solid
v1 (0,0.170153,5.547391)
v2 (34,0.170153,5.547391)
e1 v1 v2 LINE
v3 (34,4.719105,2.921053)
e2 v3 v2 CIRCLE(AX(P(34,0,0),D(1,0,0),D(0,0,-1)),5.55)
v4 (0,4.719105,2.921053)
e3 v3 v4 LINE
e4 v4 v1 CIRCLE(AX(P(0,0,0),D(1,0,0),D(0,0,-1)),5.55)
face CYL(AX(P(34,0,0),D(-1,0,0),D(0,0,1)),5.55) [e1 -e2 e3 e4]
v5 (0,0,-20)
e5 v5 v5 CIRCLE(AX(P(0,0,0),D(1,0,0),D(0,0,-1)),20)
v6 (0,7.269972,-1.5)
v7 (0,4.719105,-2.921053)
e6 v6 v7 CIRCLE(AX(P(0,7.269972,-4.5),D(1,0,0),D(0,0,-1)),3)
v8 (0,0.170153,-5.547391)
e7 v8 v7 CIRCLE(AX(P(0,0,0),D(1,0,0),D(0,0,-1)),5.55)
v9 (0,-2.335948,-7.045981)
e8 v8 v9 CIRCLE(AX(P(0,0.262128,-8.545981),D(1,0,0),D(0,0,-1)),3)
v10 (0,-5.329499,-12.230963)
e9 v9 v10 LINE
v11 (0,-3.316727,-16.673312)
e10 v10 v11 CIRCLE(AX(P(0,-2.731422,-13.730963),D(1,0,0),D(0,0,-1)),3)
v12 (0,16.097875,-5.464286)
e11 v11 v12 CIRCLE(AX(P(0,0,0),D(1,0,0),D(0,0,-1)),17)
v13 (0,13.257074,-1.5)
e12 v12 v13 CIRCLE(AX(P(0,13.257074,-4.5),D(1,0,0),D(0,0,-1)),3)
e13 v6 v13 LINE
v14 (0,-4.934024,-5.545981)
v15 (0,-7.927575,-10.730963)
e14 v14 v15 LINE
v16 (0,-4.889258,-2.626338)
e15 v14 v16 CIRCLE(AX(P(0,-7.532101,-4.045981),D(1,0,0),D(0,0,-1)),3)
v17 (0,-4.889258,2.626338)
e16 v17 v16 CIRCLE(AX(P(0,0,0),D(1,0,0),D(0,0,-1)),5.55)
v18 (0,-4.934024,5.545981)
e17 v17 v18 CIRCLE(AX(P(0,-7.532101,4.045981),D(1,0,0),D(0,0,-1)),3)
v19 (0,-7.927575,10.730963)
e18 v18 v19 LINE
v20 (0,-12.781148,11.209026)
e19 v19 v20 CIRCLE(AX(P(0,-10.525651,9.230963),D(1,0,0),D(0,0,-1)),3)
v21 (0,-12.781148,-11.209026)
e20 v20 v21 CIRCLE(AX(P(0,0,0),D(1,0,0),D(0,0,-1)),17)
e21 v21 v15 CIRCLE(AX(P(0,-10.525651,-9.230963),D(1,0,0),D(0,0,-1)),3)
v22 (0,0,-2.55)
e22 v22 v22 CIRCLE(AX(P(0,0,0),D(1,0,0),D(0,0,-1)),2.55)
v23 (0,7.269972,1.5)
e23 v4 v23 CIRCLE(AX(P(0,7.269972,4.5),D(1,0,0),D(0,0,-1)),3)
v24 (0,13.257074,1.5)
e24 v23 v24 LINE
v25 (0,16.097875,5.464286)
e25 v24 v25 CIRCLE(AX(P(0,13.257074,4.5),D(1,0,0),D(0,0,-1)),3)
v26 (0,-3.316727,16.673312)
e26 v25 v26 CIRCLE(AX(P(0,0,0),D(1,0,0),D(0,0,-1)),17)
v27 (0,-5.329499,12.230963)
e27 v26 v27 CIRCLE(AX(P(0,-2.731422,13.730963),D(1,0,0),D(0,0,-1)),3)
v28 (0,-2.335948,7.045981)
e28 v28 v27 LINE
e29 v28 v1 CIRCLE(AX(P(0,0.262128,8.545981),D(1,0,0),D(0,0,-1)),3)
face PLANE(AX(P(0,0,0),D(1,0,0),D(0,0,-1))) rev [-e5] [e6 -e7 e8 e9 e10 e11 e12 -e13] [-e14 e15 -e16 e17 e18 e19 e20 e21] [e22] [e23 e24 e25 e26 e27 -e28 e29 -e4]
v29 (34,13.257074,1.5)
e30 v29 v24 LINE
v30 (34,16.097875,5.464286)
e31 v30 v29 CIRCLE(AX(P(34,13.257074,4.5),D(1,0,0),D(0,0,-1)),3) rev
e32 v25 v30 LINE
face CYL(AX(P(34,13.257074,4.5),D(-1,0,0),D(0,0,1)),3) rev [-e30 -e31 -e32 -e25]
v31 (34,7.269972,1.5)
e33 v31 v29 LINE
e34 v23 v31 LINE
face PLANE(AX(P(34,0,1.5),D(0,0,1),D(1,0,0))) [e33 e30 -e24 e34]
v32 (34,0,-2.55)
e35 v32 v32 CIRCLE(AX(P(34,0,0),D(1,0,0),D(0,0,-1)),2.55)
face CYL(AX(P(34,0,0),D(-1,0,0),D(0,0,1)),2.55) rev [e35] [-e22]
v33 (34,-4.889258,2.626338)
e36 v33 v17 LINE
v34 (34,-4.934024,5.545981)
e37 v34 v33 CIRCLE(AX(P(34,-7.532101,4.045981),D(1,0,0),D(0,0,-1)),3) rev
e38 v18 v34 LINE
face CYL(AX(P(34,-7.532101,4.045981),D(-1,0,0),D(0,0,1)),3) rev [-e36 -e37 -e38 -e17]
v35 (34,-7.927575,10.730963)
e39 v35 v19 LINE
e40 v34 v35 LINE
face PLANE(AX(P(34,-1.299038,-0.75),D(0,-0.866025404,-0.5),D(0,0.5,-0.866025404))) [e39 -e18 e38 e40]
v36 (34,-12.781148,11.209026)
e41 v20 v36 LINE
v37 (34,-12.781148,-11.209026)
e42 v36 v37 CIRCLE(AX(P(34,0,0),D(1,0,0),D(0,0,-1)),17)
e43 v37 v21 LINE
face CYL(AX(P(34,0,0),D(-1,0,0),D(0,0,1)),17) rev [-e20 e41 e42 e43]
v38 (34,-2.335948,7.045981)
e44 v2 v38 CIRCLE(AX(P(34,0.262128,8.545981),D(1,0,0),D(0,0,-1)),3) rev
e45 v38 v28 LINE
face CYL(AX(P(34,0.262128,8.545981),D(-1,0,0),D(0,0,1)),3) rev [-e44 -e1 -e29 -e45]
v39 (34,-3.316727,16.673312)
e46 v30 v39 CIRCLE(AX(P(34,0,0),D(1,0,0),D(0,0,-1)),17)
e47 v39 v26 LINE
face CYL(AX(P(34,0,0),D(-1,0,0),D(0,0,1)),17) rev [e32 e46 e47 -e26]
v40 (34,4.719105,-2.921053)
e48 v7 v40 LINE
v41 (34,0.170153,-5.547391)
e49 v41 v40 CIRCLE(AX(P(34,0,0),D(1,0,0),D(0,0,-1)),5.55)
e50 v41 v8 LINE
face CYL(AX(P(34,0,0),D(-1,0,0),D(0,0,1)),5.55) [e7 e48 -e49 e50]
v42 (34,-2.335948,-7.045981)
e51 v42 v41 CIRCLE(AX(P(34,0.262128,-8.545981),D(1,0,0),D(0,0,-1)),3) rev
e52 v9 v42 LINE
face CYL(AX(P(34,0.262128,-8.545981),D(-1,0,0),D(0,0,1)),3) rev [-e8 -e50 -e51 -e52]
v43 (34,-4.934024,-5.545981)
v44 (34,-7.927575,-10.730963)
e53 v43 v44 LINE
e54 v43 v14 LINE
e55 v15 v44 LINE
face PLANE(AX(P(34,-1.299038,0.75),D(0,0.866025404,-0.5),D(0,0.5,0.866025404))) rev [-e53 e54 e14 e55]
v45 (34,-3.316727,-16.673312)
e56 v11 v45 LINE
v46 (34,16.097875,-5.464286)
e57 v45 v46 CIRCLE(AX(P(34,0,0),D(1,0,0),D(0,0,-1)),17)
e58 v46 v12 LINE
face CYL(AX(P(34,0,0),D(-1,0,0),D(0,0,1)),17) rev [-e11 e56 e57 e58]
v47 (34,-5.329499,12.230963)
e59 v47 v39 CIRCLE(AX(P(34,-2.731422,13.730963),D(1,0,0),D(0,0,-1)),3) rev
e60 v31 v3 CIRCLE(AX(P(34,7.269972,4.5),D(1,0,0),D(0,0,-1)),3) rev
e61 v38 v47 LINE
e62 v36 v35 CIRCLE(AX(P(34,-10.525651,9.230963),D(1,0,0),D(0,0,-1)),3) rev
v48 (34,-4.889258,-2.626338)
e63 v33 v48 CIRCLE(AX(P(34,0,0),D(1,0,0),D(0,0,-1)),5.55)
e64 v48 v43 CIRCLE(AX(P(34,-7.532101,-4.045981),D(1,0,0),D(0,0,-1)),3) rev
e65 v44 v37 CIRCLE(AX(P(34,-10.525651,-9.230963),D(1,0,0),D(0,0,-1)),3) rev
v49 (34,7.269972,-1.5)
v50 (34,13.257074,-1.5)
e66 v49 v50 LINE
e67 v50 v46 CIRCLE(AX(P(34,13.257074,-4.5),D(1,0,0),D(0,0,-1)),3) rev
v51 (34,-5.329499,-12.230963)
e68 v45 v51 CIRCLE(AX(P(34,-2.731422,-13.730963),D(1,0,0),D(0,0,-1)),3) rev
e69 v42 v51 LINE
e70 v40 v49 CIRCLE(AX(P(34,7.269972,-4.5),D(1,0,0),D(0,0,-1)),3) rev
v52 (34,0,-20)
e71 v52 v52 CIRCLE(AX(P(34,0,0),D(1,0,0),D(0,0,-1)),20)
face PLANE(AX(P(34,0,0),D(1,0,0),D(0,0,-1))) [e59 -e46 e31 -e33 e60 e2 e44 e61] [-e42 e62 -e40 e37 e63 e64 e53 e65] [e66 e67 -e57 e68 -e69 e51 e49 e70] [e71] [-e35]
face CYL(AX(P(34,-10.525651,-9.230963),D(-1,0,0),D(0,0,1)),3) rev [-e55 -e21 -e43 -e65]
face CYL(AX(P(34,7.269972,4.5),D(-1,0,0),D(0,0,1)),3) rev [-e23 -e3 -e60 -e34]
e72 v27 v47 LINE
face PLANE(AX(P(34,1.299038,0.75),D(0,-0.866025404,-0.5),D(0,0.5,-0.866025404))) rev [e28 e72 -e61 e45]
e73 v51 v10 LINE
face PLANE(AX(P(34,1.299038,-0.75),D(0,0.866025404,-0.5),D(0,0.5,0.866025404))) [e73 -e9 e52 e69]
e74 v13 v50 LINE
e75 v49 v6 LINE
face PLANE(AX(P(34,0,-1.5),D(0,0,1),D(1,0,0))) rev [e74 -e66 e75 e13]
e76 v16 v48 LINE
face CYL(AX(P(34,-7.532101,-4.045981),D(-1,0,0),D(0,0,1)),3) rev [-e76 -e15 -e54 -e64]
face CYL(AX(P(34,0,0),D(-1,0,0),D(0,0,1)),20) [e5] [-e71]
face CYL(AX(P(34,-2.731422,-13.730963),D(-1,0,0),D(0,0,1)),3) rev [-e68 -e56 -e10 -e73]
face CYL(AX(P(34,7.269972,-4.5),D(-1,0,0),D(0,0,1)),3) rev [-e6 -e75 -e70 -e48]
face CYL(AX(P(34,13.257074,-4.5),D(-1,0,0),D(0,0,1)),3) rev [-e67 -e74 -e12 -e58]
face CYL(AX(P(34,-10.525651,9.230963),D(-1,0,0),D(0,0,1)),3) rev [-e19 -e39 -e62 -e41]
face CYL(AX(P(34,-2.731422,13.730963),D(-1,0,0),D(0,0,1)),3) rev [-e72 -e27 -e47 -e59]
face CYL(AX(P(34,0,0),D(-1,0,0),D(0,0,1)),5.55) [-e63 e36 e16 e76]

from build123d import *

# Parameters (mm, degrees)
SKETCH1_R           = 20
SKETCH1_R_2         = 2.55
BOSS_EXTRUDE1_DEPTH = 34
FILLET1_R           = 3


with BuildPart() as part:
    # Sketch1 → Boss-Extrude1 (new body)
    # profile 1 of 11: a face of its own
    with BuildSketch(Plane(origin=(0, 0, 0), x_dir=(0, 0, -1), z_dir=(1, 0, 0))):
        Circle(SKETCH1_R)
        with BuildLine():
            ThreePointArc((-15.415009376, -7.167809005), (-14.722431864, 8.5), (-1.5, 16.933694222))
            Line((-1.5, 16.933694222), (-1.5, 17))
            ThreePointArc((-1.5, 17), (0, 18.5), (1.5, 17))
            Line((1.5, 17), (1.5, 16.933694222))
            ThreePointArc((1.5, 16.933694222), (12.539936204, 11.478240283), (17, 0))
            ThreePointArc((17, 0), (16.599023456, -3.670479574), (15.415009376, -7.167809005))
            Line((15.415009376, -7.167809005), (15.472431864, -7.200961894))
            ThreePointArc((15.472431864, -7.200961894), (16.02146997, -9.25), (13.972431864, -9.799038106))
            Line((13.972431864, -9.799038106), (13.915009376, -9.765885217))
            ThreePointArc((13.915009376, -9.765885217), (0, -17), (-13.915009376, -9.765885217))
            Line((-13.915009376, -9.765885217), (-13.972431864, -9.799038106))
            ThreePointArc((-13.972431864, -9.799038106), (-16.02146997, -9.25), (-15.472431864, -7.200961894))
            Line((-15.472431864, -7.200961894), (-15.415009376, -7.167809005))
        make_face(mode=Mode.SUBTRACT)
    # profile 2 of 11: a face of its own
    with BuildSketch(Plane(origin=(0, 0, 0), x_dir=(0, 0, -1), z_dir=(1, 0, 0))):
        with BuildLine():
            ThreePointArc((1.486240766, 5.347297297), (0, 4.05), (-1.486240766, 5.347297297))
            ThreePointArc((-1.486240766, 5.347297297), (-4.806440991, 2.775), (-5.374015684, -1.386526389))
            ThreePointArc((-5.374015684, -1.386526389), (-3.507402885, -2.025), (-3.887774918, -3.960770908))
            ThreePointArc((-3.887774918, -3.960770908), (0, -5.55), (3.887774918, -3.960770908))
            ThreePointArc((3.887774918, -3.960770908), (3.507402885, -2.025), (5.374015684, -1.386526389))
            ThreePointArc((5.374015684, -1.386526389), (5.505828141, -0.698825069), (5.55, 0))
            ThreePointArc((5.55, 0), (4.418774505, 3.358114333), (1.486240766, 5.347297297))
        make_face()
        Circle(SKETCH1_R_2, mode=Mode.SUBTRACT)
    # profile 3 of 11: a face of its own
    with BuildSketch(Plane(origin=(0, 0, 0), x_dir=(0, 0, -1), z_dir=(1, 0, 0))):
        with BuildLine():
            ThreePointArc((-3.887774918, -3.960770908), (-3.507402885, -2.025), (-5.374015684, -1.386526389))
            ThreePointArc((-5.374015684, -1.386526389), (-4.806440991, -2.775), (-3.887774918, -3.960770908))
        make_face()
    # profile 4 of 11: a face of its own
    with BuildSketch(Plane(origin=(0, 0, 0), x_dir=(0, 0, -1), z_dir=(1, 0, 0))):
        with BuildLine():
            ThreePointArc((-13.915009376, -9.765885217), (-14.722431864, -8.5), (-15.415009376, -7.167809005))
            Line((-15.415009376, -7.167809005), (-15.472431864, -7.200961894))
            ThreePointArc((-15.472431864, -7.200961894), (-16.02146997, -9.25), (-13.972431864, -9.799038106))
            Line((-13.972431864, -9.799038106), (-13.915009376, -9.765885217))
        make_face()
    # profile 5 of 11: a face of its own
    with BuildSketch(Plane(origin=(0, 0, 0), x_dir=(0, 0, -1), z_dir=(1, 0, 0))):
        with BuildLine():
            ThreePointArc((3.887774918, -3.960770908), (4.806440991, -2.775), (5.374015684, -1.386526389))
            ThreePointArc((5.374015684, -1.386526389), (3.507402885, -2.025), (3.887774918, -3.960770908))
        make_face()
    # profile 6 of 11: a face of its own
    with BuildSketch(Plane(origin=(0, 0, 0), x_dir=(0, 0, -1), z_dir=(1, 0, 0))):
        with BuildLine():
            ThreePointArc((1.486240766, 5.347297297), (0, 5.55), (-1.486240766, 5.347297297))
            ThreePointArc((-1.486240766, 5.347297297), (0, 4.05), (1.486240766, 5.347297297))
        make_face()
    # profile 7 of 11: a face of its own
    with BuildSketch(Plane(origin=(0, 0, 0), x_dir=(0, 0, -1), z_dir=(1, 0, 0))):
        with BuildLine():
            Line((15.472431864, -7.200961894), (15.415009376, -7.167809005))
            ThreePointArc((15.415009376, -7.167809005), (14.722431864, -8.5), (13.915009376, -9.765885217))
            Line((13.915009376, -9.765885217), (13.972431864, -9.799038106))
            ThreePointArc((13.972431864, -9.799038106), (16.02146997, -9.25), (15.472431864, -7.200961894))
        make_face()
    # profile 8 of 11: a face of its own
    with BuildSketch(Plane(origin=(0, 0, 0), x_dir=(0, 0, -1), z_dir=(1, 0, 0))):
        with BuildLine():
            ThreePointArc((13.915009376, -9.765885217), (14.722431864, -8.5), (15.415009376, -7.167809005))
            Line((15.415009376, -7.167809005), (5.556440991, -1.475961894))
            ThreePointArc((5.556440991, -1.475961894), (5.466744289, -1.428151993), (5.374015684, -1.386526389))
            ThreePointArc((5.374015684, -1.386526389), (4.806440991, -2.775), (3.887774918, -3.960770908))
            ThreePointArc((3.887774918, -3.960770908), (3.970188051, -4.020263434), (4.056440991, -4.074038106))
            Line((4.056440991, -4.074038106), (13.915009376, -9.765885217))
        make_face()
    # profile 9 of 11: a face of its own
    with BuildSketch(Plane(origin=(0, 0, 0), x_dir=(0, 0, -1), z_dir=(1, 0, 0))):
        with BuildLine():
            Line((-5.556440991, -1.475961894), (-15.415009376, -7.167809005))
            ThreePointArc((-15.415009376, -7.167809005), (-14.722431864, -8.5), (-13.915009376, -9.765885217))
            Line((-13.915009376, -9.765885217), (-4.056440991, -4.074038106))
            ThreePointArc((-4.056440991, -4.074038106), (-3.970188051, -4.020263434), (-3.887774918, -3.960770908))
            ThreePointArc((-3.887774918, -3.960770908), (-4.806440991, -2.775), (-5.374015684, -1.386526389))
            ThreePointArc((-5.374015684, -1.386526389), (-5.466744289, -1.428151993), (-5.556440991, -1.475961894))
        make_face()
    # profile 10 of 11: a face of its own
    with BuildSketch(Plane(origin=(0, 0, 0), x_dir=(0, 0, -1), z_dir=(1, 0, 0))):
        with BuildLine():
            Line((-1.5, 16.933694222), (-1.5, 5.55))
            ThreePointArc((-1.5, 5.55), (-1.496556238, 5.448415427), (-1.486240766, 5.347297297))
            ThreePointArc((-1.486240766, 5.347297297), (0, 5.55), (1.486240766, 5.347297297))
            ThreePointArc((1.486240766, 5.347297297), (1.496556238, 5.448415427), (1.5, 5.55))
            Line((1.5, 5.55), (1.5, 16.933694222))
            ThreePointArc((1.5, 16.933694222), (0, 17), (-1.5, 16.933694222))
        make_face()
    # profile 11 of 11: a face of its own
    with BuildSketch(Plane(origin=(0, 0, 0), x_dir=(0, 0, -1), z_dir=(1, 0, 0))):
        with BuildLine():
            Line((-1.5, 17), (-1.5, 16.933694222))
            ThreePointArc((-1.5, 16.933694222), (0, 17), (1.5, 16.933694222))
            Line((1.5, 16.933694222), (1.5, 17))
            ThreePointArc((1.5, 17), (0, 18.5), (-1.5, 17))
        make_face()
    extrude(amount=BOSS_EXTRUDE1_DEPTH)

    # Fillet1
    fillet1_edges = [part.edges().sort_by_distance(p)[0] for p in [
        (17, 16.933694222, -1.5),
        (17, 5.347297297, -1.486240766),
        (17, 5.347297297, 1.486240766),
        (17, -1.386526389, -5.374015684),
        (17, -3.960770908, -3.887774918),
        (17, -7.167809005, -15.415009376),
        (17, -3.960770908, 3.887774918),
        (17, -1.386526389, 5.374015684),
        (17, -9.765885217, 13.915009376),
        (17, -9.765885217, -13.915009376),
        (17, 16.933694222, 1.5),
        (17, -7.167809005, 15.415009376),
    ]]
    fillet(fillet1_edges, radius=FILLET1_R)


solid = part.part
